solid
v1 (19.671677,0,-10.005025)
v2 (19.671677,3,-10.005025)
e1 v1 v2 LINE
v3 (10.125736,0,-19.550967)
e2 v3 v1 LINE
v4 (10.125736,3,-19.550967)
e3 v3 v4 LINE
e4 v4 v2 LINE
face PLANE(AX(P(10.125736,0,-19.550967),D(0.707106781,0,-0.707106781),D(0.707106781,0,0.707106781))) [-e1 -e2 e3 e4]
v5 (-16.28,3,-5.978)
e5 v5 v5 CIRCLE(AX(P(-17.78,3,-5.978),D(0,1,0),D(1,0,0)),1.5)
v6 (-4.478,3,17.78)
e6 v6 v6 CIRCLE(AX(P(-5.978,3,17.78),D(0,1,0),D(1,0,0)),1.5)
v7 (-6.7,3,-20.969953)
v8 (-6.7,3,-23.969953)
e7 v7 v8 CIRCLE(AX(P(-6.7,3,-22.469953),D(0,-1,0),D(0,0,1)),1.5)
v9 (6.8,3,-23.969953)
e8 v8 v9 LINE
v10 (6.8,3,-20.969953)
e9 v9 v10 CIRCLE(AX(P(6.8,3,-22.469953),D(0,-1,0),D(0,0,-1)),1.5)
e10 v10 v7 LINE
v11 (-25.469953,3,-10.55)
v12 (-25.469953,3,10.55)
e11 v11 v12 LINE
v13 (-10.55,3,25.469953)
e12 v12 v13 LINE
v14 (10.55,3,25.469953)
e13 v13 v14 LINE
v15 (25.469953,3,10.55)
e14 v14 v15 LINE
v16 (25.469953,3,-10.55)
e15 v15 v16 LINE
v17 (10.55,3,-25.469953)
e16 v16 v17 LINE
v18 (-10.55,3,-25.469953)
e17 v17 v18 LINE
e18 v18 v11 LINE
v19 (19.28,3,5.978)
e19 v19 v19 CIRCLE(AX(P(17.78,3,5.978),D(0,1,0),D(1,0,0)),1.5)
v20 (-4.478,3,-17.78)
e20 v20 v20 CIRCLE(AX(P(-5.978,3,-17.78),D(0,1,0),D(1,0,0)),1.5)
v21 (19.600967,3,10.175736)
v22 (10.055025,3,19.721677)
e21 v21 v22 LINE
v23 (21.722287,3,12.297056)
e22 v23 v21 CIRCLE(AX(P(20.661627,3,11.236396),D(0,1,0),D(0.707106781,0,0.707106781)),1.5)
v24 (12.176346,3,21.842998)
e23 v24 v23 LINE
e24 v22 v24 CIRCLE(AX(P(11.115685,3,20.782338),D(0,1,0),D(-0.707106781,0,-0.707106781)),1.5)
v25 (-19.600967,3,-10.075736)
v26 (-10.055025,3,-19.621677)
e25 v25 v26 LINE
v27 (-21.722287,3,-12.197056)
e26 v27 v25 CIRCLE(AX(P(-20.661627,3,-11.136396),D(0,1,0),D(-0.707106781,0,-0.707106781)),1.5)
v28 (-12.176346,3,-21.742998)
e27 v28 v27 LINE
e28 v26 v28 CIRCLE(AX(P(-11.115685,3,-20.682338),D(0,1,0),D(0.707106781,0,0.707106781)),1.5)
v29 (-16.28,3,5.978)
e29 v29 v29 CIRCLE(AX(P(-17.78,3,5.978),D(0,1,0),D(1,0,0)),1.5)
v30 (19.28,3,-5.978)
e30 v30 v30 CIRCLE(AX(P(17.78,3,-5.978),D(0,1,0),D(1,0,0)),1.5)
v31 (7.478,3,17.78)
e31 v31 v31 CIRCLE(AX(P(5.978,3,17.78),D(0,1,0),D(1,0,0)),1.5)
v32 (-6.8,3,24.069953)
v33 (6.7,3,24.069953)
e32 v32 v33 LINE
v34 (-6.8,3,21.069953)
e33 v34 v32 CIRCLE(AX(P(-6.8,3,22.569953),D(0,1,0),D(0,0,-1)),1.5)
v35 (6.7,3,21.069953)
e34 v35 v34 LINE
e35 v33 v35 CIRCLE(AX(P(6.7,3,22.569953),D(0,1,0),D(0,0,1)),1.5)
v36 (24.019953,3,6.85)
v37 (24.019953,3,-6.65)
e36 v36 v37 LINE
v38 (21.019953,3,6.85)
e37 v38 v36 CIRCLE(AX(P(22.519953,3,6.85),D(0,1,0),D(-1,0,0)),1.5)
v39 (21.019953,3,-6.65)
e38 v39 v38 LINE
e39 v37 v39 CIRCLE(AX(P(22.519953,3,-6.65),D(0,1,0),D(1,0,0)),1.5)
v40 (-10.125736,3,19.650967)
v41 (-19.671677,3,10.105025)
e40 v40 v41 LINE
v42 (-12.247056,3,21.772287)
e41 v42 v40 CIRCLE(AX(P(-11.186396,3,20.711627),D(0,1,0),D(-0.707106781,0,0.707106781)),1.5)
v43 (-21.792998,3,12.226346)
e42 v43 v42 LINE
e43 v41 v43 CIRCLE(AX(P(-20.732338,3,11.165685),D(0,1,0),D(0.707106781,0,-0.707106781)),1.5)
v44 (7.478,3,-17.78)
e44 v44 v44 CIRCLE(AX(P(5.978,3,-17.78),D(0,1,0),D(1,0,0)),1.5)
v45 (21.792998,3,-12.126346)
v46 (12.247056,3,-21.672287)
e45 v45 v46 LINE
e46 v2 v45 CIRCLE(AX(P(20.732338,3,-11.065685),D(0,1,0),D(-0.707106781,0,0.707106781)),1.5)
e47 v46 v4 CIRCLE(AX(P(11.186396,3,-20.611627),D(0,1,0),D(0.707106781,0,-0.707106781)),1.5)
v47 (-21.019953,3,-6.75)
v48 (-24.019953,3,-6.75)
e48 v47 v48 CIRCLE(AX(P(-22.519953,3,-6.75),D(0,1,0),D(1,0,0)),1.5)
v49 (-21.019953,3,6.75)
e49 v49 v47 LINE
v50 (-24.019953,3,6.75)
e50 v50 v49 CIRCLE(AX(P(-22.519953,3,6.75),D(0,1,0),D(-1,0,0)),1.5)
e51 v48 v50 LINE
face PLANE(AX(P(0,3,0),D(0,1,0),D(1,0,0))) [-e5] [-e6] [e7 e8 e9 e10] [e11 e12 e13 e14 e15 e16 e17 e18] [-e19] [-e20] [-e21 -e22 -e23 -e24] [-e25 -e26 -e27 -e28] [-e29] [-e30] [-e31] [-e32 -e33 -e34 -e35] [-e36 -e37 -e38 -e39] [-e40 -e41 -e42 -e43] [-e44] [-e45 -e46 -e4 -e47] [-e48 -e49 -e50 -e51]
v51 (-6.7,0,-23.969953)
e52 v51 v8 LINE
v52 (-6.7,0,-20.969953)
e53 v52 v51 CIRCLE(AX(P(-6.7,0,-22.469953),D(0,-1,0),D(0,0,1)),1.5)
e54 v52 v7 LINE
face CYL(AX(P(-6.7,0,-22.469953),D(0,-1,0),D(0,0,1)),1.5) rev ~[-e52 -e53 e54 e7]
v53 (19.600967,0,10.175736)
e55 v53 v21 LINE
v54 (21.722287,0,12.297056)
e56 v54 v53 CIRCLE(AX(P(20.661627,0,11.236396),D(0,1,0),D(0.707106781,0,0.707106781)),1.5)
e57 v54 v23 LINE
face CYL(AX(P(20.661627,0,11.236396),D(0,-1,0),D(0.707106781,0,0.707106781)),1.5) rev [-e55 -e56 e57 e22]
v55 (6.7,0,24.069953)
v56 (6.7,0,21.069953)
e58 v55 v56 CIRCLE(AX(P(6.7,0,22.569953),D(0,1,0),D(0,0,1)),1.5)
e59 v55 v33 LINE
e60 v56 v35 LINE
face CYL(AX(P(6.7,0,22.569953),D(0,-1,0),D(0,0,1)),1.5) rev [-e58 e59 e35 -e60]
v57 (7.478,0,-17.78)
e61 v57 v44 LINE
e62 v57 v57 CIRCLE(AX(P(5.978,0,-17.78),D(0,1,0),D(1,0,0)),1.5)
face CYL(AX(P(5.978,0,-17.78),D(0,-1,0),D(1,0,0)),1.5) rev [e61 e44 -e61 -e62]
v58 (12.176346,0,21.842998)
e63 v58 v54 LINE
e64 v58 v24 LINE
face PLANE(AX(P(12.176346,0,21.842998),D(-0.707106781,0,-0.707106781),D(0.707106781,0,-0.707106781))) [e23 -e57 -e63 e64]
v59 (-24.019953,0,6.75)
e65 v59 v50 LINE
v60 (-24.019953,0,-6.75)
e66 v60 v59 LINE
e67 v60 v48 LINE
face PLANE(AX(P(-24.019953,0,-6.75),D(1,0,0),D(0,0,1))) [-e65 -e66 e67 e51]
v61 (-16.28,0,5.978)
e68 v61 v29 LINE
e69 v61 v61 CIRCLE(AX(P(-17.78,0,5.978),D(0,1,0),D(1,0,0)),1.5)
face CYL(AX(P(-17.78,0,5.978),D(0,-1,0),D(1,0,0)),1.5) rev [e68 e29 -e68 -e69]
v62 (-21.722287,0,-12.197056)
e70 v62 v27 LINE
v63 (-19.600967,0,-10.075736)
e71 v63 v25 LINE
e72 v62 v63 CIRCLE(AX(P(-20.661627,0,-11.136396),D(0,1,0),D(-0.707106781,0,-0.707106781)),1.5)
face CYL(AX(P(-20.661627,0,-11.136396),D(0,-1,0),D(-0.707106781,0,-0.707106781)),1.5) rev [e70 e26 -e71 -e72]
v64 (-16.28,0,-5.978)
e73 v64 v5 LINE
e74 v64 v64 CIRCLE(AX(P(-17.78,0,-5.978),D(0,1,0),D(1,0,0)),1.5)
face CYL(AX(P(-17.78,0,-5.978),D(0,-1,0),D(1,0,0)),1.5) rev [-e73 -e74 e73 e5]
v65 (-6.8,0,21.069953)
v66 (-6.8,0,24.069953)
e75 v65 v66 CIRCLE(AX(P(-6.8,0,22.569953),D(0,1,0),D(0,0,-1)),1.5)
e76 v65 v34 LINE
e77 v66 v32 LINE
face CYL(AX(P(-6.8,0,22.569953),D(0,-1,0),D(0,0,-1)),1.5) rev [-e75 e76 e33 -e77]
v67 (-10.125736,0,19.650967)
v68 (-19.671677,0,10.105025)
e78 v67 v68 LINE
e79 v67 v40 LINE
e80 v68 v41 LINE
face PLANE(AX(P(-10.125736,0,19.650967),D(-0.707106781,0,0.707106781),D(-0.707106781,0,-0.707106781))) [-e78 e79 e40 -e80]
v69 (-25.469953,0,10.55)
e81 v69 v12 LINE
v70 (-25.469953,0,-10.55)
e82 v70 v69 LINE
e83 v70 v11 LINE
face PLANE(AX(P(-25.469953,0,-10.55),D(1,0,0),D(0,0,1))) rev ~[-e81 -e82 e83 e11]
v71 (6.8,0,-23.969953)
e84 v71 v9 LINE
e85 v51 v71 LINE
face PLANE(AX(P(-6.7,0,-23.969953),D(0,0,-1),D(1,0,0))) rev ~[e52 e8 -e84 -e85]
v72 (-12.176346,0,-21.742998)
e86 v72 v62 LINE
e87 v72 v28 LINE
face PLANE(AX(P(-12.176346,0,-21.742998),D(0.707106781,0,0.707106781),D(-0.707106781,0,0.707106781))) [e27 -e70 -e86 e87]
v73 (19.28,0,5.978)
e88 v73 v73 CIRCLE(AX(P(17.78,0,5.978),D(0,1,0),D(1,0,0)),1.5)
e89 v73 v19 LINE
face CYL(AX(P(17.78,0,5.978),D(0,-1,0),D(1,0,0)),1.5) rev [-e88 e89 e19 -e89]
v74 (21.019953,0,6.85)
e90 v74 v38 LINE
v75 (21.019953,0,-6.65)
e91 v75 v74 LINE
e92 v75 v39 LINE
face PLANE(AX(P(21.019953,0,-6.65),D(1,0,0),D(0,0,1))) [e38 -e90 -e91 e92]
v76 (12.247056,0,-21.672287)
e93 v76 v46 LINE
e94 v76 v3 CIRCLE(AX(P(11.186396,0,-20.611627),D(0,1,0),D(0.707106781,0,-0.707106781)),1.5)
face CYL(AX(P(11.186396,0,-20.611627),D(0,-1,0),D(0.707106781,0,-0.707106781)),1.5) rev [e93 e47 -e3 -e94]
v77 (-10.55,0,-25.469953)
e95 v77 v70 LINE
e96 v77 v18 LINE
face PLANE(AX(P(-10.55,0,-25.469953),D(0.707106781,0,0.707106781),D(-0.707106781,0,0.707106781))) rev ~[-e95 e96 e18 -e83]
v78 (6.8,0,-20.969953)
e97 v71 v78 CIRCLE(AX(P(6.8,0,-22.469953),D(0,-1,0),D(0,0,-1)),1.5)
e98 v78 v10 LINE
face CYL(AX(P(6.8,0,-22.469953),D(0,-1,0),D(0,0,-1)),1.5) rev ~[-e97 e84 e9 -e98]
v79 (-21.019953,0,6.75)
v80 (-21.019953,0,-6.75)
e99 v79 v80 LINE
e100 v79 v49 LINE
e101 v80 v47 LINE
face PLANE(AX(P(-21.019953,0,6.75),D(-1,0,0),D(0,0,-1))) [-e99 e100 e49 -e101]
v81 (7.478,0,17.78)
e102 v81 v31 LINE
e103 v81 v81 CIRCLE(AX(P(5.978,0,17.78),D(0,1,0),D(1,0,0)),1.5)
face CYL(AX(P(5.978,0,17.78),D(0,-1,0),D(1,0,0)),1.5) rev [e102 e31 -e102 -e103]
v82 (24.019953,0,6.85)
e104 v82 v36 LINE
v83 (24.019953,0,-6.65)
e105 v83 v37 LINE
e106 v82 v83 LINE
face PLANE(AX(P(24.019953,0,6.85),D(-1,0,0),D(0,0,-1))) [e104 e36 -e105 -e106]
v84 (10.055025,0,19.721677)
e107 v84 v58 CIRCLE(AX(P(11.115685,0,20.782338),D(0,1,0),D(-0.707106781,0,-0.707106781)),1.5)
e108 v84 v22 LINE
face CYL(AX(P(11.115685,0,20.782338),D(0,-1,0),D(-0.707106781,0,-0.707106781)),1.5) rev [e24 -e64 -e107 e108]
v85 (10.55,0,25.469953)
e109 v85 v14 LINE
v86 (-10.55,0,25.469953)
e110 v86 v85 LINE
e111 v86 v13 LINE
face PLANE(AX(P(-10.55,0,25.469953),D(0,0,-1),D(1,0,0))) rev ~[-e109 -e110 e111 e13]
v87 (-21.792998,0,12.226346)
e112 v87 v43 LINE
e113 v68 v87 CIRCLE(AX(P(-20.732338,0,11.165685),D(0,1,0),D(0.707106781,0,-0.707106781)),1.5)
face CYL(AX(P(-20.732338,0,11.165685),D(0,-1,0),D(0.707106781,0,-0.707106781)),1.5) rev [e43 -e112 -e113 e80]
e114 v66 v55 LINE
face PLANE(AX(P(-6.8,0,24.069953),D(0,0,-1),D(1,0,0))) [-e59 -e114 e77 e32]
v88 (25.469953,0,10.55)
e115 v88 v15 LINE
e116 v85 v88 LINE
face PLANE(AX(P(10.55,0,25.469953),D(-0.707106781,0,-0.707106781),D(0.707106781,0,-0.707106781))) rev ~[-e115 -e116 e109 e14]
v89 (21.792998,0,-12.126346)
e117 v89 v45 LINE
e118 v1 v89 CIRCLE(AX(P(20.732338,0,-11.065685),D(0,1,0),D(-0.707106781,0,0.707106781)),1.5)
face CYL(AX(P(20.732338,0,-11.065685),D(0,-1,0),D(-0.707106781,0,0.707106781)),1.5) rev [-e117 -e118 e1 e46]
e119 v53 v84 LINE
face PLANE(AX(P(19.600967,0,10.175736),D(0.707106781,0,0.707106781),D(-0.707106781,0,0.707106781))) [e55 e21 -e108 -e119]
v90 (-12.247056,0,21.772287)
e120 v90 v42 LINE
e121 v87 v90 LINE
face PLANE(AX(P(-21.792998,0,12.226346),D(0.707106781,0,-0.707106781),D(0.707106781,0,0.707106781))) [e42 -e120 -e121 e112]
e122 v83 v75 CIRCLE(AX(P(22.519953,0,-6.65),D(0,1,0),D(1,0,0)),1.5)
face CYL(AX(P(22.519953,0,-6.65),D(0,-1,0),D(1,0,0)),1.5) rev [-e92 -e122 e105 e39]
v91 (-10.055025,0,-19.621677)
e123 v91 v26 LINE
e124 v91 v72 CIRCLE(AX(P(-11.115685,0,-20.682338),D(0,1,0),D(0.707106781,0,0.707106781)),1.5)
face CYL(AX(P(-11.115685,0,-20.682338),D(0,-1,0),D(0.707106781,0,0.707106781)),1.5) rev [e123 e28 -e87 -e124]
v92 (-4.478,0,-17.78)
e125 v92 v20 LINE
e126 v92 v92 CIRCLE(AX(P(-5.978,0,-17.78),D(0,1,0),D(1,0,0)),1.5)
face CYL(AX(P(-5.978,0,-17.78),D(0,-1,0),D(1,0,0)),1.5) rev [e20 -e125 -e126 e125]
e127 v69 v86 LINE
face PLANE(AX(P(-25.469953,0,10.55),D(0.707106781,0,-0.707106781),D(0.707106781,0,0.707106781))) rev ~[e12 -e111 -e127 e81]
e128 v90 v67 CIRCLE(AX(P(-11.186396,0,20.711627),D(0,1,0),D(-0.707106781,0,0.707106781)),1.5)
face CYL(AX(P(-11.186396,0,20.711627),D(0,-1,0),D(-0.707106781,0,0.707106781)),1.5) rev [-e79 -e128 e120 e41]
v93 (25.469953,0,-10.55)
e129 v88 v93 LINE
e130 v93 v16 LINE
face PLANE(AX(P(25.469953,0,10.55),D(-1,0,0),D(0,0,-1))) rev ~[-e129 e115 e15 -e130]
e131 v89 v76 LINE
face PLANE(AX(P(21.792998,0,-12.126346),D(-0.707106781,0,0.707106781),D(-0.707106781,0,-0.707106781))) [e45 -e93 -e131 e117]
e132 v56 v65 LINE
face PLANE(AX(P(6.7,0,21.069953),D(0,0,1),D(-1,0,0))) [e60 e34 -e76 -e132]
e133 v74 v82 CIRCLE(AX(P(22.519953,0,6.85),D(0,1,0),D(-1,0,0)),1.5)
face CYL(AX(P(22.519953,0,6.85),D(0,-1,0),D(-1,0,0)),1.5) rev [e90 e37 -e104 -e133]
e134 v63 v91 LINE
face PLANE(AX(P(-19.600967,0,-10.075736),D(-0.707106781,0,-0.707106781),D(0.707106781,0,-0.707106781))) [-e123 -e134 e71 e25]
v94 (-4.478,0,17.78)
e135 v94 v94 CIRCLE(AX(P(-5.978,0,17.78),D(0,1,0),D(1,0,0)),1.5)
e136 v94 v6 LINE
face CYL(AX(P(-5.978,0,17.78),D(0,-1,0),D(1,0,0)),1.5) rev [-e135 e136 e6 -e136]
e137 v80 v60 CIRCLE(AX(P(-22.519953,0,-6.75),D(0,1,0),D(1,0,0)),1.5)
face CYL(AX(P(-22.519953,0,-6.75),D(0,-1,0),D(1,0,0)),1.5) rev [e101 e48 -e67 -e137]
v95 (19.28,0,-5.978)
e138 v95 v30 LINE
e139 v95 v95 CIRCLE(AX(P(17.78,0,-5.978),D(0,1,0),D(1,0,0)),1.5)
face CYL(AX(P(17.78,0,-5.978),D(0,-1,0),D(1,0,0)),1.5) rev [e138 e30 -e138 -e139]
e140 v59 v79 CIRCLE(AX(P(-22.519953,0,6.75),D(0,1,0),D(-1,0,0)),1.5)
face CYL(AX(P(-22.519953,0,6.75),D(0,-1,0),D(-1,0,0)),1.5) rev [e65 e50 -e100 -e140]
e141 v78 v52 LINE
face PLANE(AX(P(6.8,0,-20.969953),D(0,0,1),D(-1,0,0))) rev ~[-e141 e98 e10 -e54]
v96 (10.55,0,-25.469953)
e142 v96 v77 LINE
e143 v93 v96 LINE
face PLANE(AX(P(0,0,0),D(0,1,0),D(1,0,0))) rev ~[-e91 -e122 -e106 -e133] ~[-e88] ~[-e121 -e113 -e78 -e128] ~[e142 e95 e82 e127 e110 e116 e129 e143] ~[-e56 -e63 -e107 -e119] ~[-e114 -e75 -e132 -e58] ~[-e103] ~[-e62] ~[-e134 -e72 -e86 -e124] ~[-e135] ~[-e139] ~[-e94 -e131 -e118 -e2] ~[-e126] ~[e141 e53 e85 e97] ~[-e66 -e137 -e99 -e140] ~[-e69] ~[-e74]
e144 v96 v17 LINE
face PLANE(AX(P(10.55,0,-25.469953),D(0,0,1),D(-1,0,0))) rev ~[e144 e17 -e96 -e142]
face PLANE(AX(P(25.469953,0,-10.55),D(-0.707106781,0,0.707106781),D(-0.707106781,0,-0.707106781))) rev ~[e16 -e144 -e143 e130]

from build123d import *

# Parameters (mm, degrees)
SKETCH1_R           = 1.5
BOSS_EXTRUDE1_DEPTH = 3


with BuildPart() as part:
    # Sketch1 → Boss-Extrude1 (new body)
    with BuildSketch(Plane(origin=(0, 0, 0), x_dir=(1, 0, 0), z_dir=(0, 1, 0))):
        Polygon((10.55, -25.469953083), (25.469953083, -10.55), (25.469953083, 10.55), (10.55, 25.469953083), (-10.55, 25.469953083), (-25.469953083, 10.55), (-25.469953083, -10.55), (-10.55, -25.469953083), align=None)
        with Locations((-17.78, 5.978)):
            Circle(SKETCH1_R, mode=Mode.SUBTRACT)
        with Locations((-17.78, -5.978)):
            Circle(SKETCH1_R, mode=Mode.SUBTRACT)
        with Locations((5.978, 17.78)):
            Circle(SKETCH1_R, mode=Mode.SUBTRACT)
        with Locations((-5.978, 17.78)):
            Circle(SKETCH1_R, mode=Mode.SUBTRACT)
        with Locations((17.78, -5.978)):
            Circle(SKETCH1_R, mode=Mode.SUBTRACT)
        with Locations((17.78, 5.978)):
            Circle(SKETCH1_R, mode=Mode.SUBTRACT)
        with Locations((-5.978, -17.78)):
            Circle(SKETCH1_R, mode=Mode.SUBTRACT)
        with Locations((5.978, -17.78)):
            Circle(SKETCH1_R, mode=Mode.SUBTRACT)
        with BuildLine():
            Line((-6.7, 23.969953083), (6.8, 23.969953083))
            ThreePointArc((6.8, 23.969953083), (8.3, 22.469953083), (6.8, 20.969953083))
            Line((6.8, 20.969953083), (-6.7, 20.969953083))
            ThreePointArc((-6.7, 20.969953083), (-8.2, 22.469953083), (-6.7, 23.969953083))
        make_face(mode=Mode.SUBTRACT)
        with BuildLine():
            Line((10.125735931, 19.550966799), (19.671677477, 10.005025253))
            ThreePointArc((19.671677477, 10.005025253), (21.792997821, 10.005025253), (21.792997821, 12.126345597))
            Line((21.792997821, 12.126345597), (12.247056275, 21.672287143))
            ThreePointArc((12.247056275, 21.672287143), (10.125735931, 21.672287143), (10.125735931, 19.550966799))
        make_face(mode=Mode.SUBTRACT)
        with BuildLine():
            Line((21.019953083, 6.65), (21.019953083, -6.85))
            ThreePointArc((21.019953083, -6.85), (22.519953083, -8.35), (24.019953083, -6.85))
            Line((24.019953083, -6.85), (24.019953083, 6.65))
            ThreePointArc((24.019953083, 6.65), (22.519953083, 8.15), (21.019953083, 6.65))
        make_face(mode=Mode.SUBTRACT)
        with BuildLine():
            Line((19.600966799, -10.175735931), (10.055025253, -19.721677477))
            ThreePointArc((10.055025253, -19.721677477), (10.055025253, -21.842997821), (12.176345597, -21.842997821))
            Line((12.176345597, -21.842997821), (21.722287143, -12.297056275))
            ThreePointArc((21.722287143, -12.297056275), (21.722287143, -10.175735931), (19.600966799, -10.175735931))
        make_face(mode=Mode.SUBTRACT)
        with BuildLine():
            Line((6.7, -21.069953083), (-6.8, -21.069953083))
            ThreePointArc((-6.8, -21.069953083), (-8.3, -22.569953083), (-6.8, -24.069953083))
            Line((-6.8, -24.069953083), (6.7, -24.069953083))
            ThreePointArc((6.7, -24.069953083), (8.2, -22.569953083), (6.7, -21.069953083))
        make_face(mode=Mode.SUBTRACT)
        with BuildLine():
            Line((-10.125735931, -19.650966799), (-19.671677477, -10.105025253))
            ThreePointArc((-19.671677477, -10.105025253), (-21.792997821, -10.105025253), (-21.792997821, -12.226345597))
            Line((-21.792997821, -12.226345597), (-12.247056275, -21.772287143))
            ThreePointArc((-12.247056275, -21.772287143), (-10.125735931, -21.772287143), (-10.125735931, -19.650966799))
        make_face(mode=Mode.SUBTRACT)
        with BuildLine():
            Line((-21.019953083, -6.75), (-21.019953083, 6.75))
            ThreePointArc((-21.019953083, 6.75), (-22.519953083, 8.25), (-24.019953083, 6.75))
            Line((-24.019953083, 6.75), (-24.019953083, -6.75))
            ThreePointArc((-24.019953083, -6.75), (-22.519953083, -8.25), (-21.019953083, -6.75))
        make_face(mode=Mode.SUBTRACT)
        with BuildLine():
            Line((-19.600966799, 10.075735931), (-10.055025253, 19.621677477))
            ThreePointArc((-10.055025253, 19.621677477), (-10.055025253, 21.742997821), (-12.176345597, 21.742997821))
            Line((-12.176345597, 21.742997821), (-21.722287143, 12.197056275))
            ThreePointArc((-21.722287143, 12.197056275), (-21.722287143, 10.075735931), (-19.600966799, 10.075735931))
        make_face(mode=Mode.SUBTRACT)
    extrude(amount=BOSS_EXTRUDE1_DEPTH)


solid = part.part
